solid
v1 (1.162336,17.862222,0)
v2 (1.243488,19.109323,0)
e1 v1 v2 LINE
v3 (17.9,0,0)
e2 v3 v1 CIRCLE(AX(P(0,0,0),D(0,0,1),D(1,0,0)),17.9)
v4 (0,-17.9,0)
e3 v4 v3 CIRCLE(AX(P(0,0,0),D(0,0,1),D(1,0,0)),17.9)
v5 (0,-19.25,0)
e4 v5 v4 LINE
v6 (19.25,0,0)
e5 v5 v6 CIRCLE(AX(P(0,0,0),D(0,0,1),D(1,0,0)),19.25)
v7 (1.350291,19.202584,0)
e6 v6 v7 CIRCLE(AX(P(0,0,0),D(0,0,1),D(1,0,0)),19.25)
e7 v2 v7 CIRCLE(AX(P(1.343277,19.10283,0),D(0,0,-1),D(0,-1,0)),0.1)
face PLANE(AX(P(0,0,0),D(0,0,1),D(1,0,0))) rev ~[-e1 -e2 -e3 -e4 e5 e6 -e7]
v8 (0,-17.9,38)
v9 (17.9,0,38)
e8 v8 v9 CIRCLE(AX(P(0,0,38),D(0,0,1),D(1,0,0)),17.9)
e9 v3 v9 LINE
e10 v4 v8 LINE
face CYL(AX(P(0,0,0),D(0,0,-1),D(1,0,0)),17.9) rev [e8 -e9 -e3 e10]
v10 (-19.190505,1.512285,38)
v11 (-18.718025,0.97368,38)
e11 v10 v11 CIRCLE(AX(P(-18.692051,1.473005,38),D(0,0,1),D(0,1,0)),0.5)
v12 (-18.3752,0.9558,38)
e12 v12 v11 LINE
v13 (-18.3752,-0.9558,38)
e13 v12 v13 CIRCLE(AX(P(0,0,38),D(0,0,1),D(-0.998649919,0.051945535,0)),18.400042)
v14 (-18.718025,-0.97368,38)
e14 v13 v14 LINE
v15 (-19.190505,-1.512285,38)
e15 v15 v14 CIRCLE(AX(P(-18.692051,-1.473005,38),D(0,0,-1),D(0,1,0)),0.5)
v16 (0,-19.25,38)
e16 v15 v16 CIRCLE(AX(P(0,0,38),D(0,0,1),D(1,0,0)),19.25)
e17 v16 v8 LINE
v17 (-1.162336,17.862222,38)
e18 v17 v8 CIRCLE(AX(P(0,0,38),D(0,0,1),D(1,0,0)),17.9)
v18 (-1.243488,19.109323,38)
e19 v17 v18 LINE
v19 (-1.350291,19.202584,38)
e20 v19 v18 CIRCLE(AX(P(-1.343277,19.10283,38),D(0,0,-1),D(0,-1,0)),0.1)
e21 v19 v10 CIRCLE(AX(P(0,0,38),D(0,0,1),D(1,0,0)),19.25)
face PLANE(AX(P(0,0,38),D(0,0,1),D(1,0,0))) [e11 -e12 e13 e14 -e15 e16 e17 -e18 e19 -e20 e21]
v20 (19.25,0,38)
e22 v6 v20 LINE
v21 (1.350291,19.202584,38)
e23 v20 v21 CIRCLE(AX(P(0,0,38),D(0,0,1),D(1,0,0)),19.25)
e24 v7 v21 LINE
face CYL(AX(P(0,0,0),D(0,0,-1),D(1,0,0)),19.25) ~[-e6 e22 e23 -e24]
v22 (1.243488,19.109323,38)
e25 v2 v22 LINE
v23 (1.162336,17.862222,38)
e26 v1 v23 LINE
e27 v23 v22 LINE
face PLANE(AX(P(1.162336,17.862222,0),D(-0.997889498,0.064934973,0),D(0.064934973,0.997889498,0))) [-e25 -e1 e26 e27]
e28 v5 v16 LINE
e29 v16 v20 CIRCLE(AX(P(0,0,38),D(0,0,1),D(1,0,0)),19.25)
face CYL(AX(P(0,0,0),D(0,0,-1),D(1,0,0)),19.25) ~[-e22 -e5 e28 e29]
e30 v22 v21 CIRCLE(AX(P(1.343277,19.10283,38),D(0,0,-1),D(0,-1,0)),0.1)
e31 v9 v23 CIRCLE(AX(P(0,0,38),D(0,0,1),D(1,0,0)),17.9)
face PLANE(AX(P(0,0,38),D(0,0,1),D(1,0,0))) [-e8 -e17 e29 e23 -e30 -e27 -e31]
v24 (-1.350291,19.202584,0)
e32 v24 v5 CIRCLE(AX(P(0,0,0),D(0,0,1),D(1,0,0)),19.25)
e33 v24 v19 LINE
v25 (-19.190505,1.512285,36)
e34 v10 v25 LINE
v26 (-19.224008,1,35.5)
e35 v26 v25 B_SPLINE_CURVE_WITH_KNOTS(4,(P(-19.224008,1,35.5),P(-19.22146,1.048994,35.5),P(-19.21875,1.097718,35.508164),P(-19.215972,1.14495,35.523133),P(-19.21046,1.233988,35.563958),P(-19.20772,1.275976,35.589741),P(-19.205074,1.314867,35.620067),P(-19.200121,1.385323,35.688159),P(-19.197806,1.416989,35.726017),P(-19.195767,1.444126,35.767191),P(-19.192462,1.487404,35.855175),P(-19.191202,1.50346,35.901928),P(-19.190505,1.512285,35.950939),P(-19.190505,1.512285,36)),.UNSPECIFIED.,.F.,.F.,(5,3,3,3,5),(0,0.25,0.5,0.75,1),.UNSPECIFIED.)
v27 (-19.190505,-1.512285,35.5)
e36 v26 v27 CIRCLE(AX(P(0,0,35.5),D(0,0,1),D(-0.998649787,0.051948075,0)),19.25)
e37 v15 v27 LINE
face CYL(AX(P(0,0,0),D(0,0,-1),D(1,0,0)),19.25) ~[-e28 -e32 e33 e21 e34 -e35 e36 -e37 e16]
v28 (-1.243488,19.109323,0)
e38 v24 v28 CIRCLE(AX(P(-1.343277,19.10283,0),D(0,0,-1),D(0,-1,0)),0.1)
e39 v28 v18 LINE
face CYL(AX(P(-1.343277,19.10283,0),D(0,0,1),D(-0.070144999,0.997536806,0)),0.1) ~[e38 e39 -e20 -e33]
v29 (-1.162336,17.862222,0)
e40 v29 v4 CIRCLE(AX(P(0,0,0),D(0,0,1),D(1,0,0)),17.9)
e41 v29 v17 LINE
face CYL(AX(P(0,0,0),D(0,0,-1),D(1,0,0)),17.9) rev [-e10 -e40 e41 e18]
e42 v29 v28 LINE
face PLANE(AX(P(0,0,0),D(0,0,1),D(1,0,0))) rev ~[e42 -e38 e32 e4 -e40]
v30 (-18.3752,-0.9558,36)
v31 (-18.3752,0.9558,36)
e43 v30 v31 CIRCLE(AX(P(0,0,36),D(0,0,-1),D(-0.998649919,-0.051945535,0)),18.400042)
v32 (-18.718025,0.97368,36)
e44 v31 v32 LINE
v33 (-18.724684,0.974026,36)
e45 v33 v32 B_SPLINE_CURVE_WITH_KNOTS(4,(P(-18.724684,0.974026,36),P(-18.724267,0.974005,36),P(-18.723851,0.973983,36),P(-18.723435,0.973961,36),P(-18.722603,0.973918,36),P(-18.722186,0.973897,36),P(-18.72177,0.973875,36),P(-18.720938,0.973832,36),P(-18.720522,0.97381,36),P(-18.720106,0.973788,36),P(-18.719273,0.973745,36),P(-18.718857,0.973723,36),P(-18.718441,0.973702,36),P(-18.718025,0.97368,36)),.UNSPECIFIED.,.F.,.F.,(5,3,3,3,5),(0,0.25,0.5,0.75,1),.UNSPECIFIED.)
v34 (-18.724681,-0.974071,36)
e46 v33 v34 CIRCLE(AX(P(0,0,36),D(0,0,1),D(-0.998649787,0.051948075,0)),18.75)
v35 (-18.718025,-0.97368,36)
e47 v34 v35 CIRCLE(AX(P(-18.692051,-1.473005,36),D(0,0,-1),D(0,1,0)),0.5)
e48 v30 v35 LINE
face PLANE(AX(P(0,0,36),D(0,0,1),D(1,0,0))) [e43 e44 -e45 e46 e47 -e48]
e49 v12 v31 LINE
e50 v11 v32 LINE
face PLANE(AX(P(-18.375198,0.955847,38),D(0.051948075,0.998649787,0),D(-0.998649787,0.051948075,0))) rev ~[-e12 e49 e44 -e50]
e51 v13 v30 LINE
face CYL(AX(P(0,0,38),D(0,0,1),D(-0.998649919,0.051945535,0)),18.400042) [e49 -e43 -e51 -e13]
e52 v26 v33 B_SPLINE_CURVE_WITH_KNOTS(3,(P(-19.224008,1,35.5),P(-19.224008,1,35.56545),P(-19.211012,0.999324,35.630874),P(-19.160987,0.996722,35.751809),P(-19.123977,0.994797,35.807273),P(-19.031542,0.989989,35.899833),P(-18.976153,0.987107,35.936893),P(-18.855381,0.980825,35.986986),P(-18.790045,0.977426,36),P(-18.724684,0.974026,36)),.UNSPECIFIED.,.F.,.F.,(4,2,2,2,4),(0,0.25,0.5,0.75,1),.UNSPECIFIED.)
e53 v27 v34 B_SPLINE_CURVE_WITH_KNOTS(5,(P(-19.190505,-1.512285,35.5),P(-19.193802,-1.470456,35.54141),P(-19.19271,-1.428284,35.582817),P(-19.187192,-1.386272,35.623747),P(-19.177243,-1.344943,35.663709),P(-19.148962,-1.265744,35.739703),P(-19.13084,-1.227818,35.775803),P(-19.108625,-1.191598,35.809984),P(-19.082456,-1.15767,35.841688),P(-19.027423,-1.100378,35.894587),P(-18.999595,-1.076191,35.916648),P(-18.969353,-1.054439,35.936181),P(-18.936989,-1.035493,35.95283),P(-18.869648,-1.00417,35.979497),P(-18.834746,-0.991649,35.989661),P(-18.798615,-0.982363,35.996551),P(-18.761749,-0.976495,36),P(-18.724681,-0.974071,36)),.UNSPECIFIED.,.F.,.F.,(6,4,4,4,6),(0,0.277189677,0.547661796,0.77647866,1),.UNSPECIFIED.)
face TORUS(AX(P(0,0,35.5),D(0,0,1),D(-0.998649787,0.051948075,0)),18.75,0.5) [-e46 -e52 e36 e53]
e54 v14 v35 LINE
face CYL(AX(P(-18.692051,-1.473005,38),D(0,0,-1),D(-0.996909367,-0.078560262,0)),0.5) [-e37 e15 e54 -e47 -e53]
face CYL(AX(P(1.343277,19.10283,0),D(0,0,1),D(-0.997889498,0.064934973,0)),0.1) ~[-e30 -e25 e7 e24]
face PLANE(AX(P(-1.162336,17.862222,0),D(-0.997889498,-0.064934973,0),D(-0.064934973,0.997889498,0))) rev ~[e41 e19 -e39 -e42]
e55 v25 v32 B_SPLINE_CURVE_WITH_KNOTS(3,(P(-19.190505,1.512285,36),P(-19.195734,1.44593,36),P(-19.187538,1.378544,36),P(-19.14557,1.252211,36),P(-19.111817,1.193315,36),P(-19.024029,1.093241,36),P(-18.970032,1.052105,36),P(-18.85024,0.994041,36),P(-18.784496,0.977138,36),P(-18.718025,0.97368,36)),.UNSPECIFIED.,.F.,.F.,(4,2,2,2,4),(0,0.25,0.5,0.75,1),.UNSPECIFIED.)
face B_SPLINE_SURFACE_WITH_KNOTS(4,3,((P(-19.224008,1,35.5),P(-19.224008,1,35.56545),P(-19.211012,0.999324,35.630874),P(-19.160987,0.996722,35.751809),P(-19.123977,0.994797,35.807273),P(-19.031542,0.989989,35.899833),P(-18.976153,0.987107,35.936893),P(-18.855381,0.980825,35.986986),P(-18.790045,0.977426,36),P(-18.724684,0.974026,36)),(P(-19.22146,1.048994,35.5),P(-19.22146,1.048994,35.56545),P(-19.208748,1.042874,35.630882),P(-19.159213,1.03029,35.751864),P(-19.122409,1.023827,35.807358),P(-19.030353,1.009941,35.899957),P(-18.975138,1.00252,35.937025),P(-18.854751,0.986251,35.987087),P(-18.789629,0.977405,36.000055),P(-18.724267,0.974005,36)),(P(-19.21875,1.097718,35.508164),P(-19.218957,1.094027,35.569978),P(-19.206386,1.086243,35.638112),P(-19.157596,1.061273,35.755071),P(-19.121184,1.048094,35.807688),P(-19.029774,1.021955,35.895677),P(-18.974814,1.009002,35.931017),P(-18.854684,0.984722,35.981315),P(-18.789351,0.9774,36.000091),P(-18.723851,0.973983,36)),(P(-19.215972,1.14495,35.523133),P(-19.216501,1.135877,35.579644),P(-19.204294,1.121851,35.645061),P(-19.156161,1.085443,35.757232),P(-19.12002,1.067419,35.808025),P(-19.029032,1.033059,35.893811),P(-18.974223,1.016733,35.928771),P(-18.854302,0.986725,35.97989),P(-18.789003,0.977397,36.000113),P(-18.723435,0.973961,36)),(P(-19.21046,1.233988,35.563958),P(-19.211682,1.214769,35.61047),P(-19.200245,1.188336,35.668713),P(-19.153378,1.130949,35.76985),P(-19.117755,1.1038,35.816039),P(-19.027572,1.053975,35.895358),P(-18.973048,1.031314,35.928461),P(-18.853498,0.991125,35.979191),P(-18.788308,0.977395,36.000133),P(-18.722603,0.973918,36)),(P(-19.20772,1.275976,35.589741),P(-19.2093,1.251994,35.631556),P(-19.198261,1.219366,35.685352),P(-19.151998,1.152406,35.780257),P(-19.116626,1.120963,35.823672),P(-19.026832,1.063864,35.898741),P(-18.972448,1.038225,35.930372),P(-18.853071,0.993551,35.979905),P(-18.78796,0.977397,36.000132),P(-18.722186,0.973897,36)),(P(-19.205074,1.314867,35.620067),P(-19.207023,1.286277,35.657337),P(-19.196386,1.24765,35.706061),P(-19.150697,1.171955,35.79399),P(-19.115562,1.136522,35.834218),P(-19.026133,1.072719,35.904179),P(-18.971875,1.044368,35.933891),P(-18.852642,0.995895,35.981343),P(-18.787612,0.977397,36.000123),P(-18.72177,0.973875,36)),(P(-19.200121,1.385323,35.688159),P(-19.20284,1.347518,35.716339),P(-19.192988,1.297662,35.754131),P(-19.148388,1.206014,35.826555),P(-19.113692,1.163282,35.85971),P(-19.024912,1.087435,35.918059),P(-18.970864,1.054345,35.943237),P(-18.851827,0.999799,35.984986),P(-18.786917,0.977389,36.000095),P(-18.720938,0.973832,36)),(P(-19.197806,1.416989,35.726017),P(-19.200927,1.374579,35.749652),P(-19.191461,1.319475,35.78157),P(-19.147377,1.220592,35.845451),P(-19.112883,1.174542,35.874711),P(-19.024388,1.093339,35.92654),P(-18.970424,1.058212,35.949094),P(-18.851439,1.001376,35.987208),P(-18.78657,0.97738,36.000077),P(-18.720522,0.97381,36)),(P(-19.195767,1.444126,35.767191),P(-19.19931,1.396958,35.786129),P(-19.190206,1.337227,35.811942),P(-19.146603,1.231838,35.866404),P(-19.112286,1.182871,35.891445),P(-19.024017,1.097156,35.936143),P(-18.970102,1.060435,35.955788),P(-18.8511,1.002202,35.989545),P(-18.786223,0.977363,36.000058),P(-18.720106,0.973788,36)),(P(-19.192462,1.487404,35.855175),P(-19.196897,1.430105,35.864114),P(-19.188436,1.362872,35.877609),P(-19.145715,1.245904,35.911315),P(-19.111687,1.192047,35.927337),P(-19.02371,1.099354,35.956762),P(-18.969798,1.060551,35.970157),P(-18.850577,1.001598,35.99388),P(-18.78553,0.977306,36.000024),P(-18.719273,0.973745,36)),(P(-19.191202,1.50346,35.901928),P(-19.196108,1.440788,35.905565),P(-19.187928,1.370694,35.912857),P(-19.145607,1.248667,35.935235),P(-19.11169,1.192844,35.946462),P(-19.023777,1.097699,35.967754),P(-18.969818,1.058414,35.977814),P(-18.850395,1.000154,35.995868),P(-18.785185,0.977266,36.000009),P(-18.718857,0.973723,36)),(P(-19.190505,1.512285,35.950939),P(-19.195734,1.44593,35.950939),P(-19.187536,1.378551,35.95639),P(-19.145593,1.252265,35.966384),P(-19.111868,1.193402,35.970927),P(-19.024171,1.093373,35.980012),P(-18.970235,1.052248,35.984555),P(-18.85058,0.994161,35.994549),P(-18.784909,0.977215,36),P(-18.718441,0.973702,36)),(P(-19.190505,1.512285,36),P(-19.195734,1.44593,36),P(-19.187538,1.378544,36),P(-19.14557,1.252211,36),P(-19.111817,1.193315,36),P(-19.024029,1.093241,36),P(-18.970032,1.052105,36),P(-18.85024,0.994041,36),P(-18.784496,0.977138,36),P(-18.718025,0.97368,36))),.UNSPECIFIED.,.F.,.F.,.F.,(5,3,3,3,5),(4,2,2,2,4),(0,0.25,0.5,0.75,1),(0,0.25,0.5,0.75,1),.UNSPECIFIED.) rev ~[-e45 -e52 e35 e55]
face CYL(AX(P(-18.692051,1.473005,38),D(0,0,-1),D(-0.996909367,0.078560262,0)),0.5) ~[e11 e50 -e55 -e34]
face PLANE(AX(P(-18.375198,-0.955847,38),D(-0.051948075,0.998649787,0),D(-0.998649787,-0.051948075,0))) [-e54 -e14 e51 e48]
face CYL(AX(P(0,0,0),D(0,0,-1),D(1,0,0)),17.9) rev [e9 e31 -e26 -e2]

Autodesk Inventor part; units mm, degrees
ref_plane "YZ Plane" through (0, 0, 0) normal (1, 0, 0) x (0, 1, 0)
ref_plane "XZ Plane" through (0, 0, 0) normal (0, 1, 0) x (-1, 0, 0)
ref_plane "XY Plane" through (0, 0, 0) normal (0, 0, 1) x (1, 0, 0)
sketch "スケッチ1" plane through (0, 0, 0) normal (0, 0, 1) x (1, 0, 0)
  circle A0 centre (0, 0) radius 17.9
  circle A1 centre (0, 0) radius 19.25
  line L0 (0, 0) -> (1.25, 19.2094)
  line L1 (0, 0) -> (-1.25, 19.2094)
  line L2 (0, -26.95) -> (0, 26.95) projected
  point P0 (1.1623, 17.8622)
  point P1 (-1.1623, 17.8622)
  dimension "d0" = 35.8
  dimension "d1" = 38.5
  dimension "d4" = 2.5
extrude "押し出し1" add sketch "スケッチ1" along normal blind 38 contours A0 L0 A1 L2 | L2 A1 L1 A0 picked at (1.4278, -18.6391) picked at (-2.7104, 18.4842)
sketch "スケッチ2" plane through (0, 0, 38) normal (0, 0, 1) x (1, 0, 0)
  line L0 (0, 0) -> (-19.224, -1)
  arc A0 (-1.25, 19.2094) -> (1.25, 19.2094) centre (0, 0) ccw projected
  line L1 (0, 0) -> (-19.224, 1)
  line L2 (-26.95, 0) -> (26.95, 0) projected
  arc A1 (-18.3752, 0.9558) -> (-18.3752, -0.9558) centre (0, 0) ccw
  arc A2 (-1.1623, 17.8622) -> (1.1623, 17.8622) centre (0, 0) ccw projected
  dimension "d5" = 2
  dimension "d6" = 0.5
extrude "押し出し2" cut sketch "スケッチ2" against normal blind 2 contours L0 A0 L2 A1 | L2 A0 L1 A1
fillet "フィレット1" radius 0.5 3 edges at (-19.25, 0, 36) (-19.224, -1, 37) (-19.224, 1, 37)
sketch "スケッチ3" plane through (0, 0, 0) normal (0, 1, 0) x (-1, 0, 0)
  line L0 (-18, 30) -> (18, 30)
  line L1 (18, 30) -> (18, 10.5)
  line L2 (18, 10.5) -> (-18, 10.5)
  line L3 (-18, 10.5) -> (-18, 30)
  line L4 (19.1905, 38) -> (-19.25, 38) projected
  point P0 (0, 0)
  point P1 (-1.25, 38)
  point P2 (0, 10.5)
  dimension "d10" = 8
  dimension "d11" = 19.5
  dimension "d12" = 36
sketch3d "3D スケッチ1"
split_face "分割1"
fillet "フィレット2" radius 0.1 2 edges at (-1.25, 19.2094, 19) (1.25, 19.2094, 19)
properties part number "555_Outer" material "鉄、鋳鉄"
